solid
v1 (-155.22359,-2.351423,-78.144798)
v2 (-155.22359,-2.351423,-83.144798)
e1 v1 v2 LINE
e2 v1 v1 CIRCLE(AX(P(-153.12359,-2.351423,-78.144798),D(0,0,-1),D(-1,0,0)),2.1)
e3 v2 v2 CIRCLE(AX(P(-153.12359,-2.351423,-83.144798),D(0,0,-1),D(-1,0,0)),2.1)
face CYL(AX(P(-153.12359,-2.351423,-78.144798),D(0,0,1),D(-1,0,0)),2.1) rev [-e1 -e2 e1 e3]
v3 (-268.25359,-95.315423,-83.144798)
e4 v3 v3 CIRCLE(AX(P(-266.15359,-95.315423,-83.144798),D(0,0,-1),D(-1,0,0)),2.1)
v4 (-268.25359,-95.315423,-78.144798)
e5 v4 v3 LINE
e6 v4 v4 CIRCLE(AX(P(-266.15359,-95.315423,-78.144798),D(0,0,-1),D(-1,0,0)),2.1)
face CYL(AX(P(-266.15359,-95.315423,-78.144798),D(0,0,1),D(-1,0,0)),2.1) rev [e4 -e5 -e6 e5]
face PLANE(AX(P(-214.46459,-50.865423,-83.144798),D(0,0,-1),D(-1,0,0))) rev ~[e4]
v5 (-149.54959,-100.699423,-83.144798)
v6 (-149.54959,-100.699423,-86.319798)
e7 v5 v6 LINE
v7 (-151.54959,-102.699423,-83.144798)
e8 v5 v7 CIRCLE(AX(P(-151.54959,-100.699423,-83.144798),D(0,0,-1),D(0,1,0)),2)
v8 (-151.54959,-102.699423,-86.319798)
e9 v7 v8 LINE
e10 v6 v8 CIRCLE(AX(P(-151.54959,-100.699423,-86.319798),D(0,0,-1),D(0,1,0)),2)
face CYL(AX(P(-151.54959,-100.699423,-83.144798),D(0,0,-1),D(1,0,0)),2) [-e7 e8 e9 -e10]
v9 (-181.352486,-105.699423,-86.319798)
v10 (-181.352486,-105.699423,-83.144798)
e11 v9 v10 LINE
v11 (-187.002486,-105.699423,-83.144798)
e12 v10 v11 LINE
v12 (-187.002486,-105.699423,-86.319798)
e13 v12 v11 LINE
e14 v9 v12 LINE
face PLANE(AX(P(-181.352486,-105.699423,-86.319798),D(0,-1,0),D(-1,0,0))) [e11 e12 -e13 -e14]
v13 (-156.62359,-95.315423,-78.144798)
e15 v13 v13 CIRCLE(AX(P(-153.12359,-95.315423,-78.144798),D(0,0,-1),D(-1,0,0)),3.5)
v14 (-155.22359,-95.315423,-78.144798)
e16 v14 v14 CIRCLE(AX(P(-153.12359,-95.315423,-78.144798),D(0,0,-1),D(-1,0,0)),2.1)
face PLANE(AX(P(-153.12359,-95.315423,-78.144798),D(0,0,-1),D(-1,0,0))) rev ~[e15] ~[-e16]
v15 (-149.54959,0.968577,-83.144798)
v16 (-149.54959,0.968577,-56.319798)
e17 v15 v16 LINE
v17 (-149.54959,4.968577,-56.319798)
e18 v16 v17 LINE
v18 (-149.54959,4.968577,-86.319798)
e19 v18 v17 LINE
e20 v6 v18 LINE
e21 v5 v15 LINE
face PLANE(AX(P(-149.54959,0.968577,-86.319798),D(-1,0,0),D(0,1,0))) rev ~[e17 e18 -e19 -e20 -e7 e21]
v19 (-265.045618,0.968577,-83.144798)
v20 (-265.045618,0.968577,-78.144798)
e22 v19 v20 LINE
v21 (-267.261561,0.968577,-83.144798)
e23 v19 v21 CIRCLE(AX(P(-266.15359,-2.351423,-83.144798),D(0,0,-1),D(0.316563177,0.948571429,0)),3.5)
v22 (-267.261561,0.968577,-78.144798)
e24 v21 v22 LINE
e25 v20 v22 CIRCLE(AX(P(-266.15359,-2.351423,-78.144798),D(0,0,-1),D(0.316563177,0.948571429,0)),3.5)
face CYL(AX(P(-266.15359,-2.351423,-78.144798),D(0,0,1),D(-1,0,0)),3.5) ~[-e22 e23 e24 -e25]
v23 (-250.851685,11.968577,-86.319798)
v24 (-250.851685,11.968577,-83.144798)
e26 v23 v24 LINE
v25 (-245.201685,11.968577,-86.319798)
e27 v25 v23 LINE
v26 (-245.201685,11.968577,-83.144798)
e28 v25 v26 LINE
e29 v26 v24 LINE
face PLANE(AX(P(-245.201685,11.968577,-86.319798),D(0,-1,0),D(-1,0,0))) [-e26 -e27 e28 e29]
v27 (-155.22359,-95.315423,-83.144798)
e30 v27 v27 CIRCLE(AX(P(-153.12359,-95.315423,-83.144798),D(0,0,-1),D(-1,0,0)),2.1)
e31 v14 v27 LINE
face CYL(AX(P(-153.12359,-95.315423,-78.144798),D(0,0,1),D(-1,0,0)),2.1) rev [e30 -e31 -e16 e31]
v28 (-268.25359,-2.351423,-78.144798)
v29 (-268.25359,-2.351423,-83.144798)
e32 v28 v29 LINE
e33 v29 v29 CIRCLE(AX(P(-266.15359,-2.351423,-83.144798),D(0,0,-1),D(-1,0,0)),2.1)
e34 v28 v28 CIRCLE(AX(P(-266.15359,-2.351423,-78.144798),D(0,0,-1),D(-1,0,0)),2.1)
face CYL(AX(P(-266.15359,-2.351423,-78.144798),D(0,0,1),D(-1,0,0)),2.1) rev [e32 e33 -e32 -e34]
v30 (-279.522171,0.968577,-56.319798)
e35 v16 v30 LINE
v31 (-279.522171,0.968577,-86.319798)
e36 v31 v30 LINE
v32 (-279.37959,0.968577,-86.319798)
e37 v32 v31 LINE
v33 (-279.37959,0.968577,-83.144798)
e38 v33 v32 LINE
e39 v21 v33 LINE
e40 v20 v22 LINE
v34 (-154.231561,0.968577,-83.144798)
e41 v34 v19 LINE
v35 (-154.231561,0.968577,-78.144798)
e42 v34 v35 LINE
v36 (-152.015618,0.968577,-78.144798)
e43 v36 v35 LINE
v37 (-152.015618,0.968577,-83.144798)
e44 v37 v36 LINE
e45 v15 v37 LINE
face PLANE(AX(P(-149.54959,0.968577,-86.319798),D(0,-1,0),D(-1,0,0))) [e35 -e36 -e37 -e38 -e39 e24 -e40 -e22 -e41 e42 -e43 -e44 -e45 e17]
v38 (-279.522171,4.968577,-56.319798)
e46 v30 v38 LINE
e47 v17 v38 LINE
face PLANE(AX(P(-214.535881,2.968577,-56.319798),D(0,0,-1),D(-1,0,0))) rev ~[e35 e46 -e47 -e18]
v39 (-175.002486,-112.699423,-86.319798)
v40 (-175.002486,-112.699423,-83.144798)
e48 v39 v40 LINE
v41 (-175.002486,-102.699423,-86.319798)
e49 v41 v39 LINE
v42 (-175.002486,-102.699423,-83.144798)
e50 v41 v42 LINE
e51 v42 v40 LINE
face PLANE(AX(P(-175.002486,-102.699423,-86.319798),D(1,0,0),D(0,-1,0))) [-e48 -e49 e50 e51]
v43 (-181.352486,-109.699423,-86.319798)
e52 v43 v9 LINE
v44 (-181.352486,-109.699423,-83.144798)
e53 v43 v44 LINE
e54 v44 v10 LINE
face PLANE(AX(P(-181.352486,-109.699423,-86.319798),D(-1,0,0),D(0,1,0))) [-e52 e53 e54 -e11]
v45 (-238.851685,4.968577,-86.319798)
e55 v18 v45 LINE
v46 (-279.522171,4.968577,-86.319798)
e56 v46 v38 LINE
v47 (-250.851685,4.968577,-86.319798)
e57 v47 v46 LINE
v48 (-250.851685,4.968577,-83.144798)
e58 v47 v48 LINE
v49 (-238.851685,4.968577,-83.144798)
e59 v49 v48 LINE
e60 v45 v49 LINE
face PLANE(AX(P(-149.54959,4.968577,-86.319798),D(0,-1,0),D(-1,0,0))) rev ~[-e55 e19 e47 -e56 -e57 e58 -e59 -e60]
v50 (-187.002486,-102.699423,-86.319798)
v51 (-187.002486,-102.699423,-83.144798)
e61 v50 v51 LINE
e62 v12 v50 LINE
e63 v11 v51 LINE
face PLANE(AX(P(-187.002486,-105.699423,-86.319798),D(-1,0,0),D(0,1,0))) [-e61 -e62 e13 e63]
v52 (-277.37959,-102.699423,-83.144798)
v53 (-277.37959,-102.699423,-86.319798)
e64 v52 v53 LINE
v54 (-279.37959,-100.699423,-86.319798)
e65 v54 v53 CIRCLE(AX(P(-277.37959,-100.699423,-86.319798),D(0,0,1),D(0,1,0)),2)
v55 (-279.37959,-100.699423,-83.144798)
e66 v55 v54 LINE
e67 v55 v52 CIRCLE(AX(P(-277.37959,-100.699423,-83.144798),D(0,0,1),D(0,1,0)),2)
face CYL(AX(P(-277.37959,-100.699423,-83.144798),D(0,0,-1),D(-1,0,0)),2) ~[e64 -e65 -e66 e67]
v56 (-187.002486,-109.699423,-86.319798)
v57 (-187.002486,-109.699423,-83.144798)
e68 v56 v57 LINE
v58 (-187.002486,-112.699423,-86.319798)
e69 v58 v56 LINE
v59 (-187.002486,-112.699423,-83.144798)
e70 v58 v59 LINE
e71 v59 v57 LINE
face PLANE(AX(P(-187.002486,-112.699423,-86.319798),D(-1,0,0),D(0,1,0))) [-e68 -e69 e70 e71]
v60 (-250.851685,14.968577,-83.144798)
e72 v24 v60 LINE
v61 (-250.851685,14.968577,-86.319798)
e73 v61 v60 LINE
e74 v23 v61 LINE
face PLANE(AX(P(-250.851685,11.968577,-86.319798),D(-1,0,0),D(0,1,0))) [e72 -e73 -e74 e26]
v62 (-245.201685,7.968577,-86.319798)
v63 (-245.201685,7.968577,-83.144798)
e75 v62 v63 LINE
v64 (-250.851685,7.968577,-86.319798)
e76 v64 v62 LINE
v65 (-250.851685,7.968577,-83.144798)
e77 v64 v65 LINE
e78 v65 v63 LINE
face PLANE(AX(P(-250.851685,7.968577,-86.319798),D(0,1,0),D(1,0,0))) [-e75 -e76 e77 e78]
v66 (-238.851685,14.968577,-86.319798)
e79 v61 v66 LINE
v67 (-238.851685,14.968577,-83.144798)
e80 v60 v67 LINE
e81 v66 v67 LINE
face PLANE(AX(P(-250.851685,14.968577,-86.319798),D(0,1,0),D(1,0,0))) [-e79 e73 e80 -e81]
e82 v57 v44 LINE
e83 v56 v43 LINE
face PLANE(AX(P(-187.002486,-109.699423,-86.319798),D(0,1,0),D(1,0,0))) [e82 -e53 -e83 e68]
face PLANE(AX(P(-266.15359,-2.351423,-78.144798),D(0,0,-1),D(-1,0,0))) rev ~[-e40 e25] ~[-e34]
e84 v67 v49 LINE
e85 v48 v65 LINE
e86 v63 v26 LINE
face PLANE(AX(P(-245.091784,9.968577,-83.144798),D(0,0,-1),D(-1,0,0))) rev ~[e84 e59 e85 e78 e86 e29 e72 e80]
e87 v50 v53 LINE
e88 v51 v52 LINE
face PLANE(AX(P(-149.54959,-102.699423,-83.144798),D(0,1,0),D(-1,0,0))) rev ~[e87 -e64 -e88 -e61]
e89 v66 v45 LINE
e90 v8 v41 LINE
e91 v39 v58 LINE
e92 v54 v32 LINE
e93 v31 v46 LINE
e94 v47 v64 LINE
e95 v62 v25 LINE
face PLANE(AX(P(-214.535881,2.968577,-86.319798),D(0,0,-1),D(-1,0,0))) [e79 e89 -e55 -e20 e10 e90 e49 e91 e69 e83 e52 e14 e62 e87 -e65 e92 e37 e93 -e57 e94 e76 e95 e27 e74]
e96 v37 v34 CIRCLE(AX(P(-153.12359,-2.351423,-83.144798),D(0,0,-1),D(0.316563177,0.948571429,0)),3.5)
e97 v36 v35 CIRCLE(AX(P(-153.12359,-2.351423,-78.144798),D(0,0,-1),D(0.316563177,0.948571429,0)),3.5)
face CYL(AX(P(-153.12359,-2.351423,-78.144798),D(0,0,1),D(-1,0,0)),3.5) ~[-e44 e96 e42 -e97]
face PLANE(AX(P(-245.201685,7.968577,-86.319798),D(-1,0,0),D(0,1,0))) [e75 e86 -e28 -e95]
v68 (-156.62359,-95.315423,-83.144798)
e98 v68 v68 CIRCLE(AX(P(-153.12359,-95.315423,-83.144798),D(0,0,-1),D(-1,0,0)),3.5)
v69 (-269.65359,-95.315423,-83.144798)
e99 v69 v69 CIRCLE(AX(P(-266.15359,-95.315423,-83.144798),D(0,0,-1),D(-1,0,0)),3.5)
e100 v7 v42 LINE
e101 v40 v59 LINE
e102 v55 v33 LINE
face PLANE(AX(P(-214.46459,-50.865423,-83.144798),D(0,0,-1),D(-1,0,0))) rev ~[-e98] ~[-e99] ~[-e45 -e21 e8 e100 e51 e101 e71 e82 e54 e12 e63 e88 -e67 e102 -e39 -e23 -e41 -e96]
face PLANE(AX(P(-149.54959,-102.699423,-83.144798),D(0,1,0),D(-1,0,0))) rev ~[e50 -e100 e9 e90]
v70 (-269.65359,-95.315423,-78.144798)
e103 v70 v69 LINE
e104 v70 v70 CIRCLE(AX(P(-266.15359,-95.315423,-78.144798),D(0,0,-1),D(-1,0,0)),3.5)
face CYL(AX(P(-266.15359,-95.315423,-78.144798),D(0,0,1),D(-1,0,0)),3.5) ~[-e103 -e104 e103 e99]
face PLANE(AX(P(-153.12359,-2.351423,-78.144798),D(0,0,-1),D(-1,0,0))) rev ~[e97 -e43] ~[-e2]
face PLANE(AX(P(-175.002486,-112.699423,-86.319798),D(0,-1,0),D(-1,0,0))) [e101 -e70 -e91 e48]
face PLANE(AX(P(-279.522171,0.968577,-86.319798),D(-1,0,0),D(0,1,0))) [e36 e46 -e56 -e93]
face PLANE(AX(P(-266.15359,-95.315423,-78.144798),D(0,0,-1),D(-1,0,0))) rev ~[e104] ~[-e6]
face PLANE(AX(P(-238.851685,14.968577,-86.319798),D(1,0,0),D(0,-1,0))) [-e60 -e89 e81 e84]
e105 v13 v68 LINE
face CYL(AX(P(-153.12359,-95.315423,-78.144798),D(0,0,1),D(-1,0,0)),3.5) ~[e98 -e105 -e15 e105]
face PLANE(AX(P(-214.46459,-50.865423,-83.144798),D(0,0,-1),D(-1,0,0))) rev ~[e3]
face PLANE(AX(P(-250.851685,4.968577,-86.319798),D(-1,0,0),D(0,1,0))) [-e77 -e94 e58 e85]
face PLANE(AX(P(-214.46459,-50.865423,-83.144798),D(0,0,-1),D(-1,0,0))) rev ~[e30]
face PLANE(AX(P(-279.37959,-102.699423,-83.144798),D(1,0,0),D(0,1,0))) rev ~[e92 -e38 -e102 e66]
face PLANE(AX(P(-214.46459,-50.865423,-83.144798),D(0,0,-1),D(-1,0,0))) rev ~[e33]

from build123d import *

# Parameters (mm, degrees)
SKETCH1_R             = 3.5
SKETCH1_R_2           = 2.1
BOSS_EXTRUDE1_DEPTH   = 5
BOSS_EXTRUDE1_2_DEPTH = 5
BOSS_EXTRUDE1_3_DEPTH = 5
BOSS_EXTRUDE1_4_DEPTH = 5
SKETCH2_W             = 129.83
SKETCH2_H             = 103.668
BOSS_EXTRUDE2_DEPTH   = 3.175
SKETCH3_W             = 129.972581898
SKETCH3_H             = 4
BOSS_EXTRUDE3_DEPTH   = 30
FILLET1_R             = 2
BOSS_EXTRUDE4_DEPTH   = 3.175


with BuildPart() as part:
    # Sketch1 → Boss-Extrude1 (new body)
    with BuildSketch(Plane(origin=(0, 0, -78.144797939), x_dir=(-1, 0, 0), z_dir=(0, 0, -1))):
        with Locations((153.123589598, -2.351422522)):
            Circle(SKETCH1_R)
        with Locations((153.123589598, -2.351422522)):
            Circle(SKETCH1_R_2, mode=Mode.SUBTRACT)
    extrude(amount=BOSS_EXTRUDE1_DEPTH)



with BuildPart() as body_2:
    # Sketch1 → Boss-Extrude1 2 (new body)
    with BuildSketch(Plane(origin=(0, 0, -78.144797939), x_dir=(-1, 0, 0), z_dir=(0, 0, -1))):
        with Locations((266.153589598, -2.351422522)):
            Circle(SKETCH1_R)
        with Locations((266.153589598, -2.351422522)):
            Circle(SKETCH1_R_2, mode=Mode.SUBTRACT)
    extrude(amount=BOSS_EXTRUDE1_2_DEPTH)


with BuildPart() as body_3:
    # Sketch1 → Boss-Extrude1 3 (new body)
    with BuildSketch(Plane(origin=(0, 0, -78.144797939), x_dir=(-1, 0, 0), z_dir=(0, 0, -1))):
        with Locations((153.123589598, -95.315422522)):
            Circle(SKETCH1_R)
        with Locations((153.123589598, -95.315422522)):
            Circle(SKETCH1_R_2, mode=Mode.SUBTRACT)
    extrude(amount=BOSS_EXTRUDE1_3_DEPTH)


with BuildPart() as body_4:
    # Sketch1 → Boss-Extrude1 4 (new body)
    with BuildSketch(Plane(origin=(0, 0, -78.144797939), x_dir=(-1, 0, 0), z_dir=(0, 0, -1))):
        with Locations((266.153589598, -95.315422522)):
            Circle(SKETCH1_R)
        with Locations((266.153589598, -95.315422522)):
            Circle(SKETCH1_R_2, mode=Mode.SUBTRACT)
    extrude(amount=BOSS_EXTRUDE1_4_DEPTH)


with BuildPart() as part_1:
    add(part.part)

    add(body_2.part)  # Boss-Extrude2 merges body 2

    add(body_3.part)  # Boss-Extrude2 merges body 3

    add(body_4.part)  # Boss-Extrude2 merges body 4
    # Sketch2 → Boss-Extrude2 (add)
    with BuildSketch(Plane(origin=(0, 0, -83.144797939), x_dir=(-1, 0, 0), z_dir=(0, 0, -1))):
        with Locations((214.464589598, -50.865422522)):
            Rectangle(SKETCH2_W, SKETCH2_H)
    extrude(amount=BOSS_EXTRUDE2_DEPTH)

    # Sketch3 → Boss-Extrude3 (add)
    with BuildSketch(Plane(origin=(0, 0, -86.319797939), x_dir=(-1, 0, 0), z_dir=(0, 0, -1))):
        with Locations((214.535880547, 2.968577478)):
            Rectangle(SKETCH3_W, SKETCH3_H)
    extrude(amount=-BOSS_EXTRUDE3_DEPTH)

    # Fillet1
    fillet1_edges = [part_1.edges().sort_by_distance(p)[0] for p in [
        (-279.379589598, -102.699422522, -84.732297939),
        (-149.549589598, -102.699422522, -84.732297939),
    ]]
    fillet(fillet1_edges, radius=FILLET1_R)

    # Sketch4 → Boss-Extrude4 (add)
    with BuildSketch(Plane(origin=(0, 0, -86.319797939), x_dir=(-1, 0, 0), z_dir=(0, 0, -1))):
        Polygon((238.851684859, 14.968577478), (238.851684859, 4.968577478), (250.851684859, 4.968577478), (250.851684859, 7.968577478), (245.201684859, 7.968577478), (245.201684859, 11.968577478), (250.851684859, 11.968577478), (250.851684859, 14.968577478), align=None)
        Polygon((187.002486437, -102.699422522), (175.002486437, -102.699422522), (175.002486437, -112.699422522), (187.002486437, -112.699422522), (187.002486437, -109.699422522), (181.352486437, -109.699422522), (181.352486437, -105.699422522), (187.002486437, -105.699422522), align=None)
    extrude(amount=-BOSS_EXTRUDE4_DEPTH)


solid = part_1.part
